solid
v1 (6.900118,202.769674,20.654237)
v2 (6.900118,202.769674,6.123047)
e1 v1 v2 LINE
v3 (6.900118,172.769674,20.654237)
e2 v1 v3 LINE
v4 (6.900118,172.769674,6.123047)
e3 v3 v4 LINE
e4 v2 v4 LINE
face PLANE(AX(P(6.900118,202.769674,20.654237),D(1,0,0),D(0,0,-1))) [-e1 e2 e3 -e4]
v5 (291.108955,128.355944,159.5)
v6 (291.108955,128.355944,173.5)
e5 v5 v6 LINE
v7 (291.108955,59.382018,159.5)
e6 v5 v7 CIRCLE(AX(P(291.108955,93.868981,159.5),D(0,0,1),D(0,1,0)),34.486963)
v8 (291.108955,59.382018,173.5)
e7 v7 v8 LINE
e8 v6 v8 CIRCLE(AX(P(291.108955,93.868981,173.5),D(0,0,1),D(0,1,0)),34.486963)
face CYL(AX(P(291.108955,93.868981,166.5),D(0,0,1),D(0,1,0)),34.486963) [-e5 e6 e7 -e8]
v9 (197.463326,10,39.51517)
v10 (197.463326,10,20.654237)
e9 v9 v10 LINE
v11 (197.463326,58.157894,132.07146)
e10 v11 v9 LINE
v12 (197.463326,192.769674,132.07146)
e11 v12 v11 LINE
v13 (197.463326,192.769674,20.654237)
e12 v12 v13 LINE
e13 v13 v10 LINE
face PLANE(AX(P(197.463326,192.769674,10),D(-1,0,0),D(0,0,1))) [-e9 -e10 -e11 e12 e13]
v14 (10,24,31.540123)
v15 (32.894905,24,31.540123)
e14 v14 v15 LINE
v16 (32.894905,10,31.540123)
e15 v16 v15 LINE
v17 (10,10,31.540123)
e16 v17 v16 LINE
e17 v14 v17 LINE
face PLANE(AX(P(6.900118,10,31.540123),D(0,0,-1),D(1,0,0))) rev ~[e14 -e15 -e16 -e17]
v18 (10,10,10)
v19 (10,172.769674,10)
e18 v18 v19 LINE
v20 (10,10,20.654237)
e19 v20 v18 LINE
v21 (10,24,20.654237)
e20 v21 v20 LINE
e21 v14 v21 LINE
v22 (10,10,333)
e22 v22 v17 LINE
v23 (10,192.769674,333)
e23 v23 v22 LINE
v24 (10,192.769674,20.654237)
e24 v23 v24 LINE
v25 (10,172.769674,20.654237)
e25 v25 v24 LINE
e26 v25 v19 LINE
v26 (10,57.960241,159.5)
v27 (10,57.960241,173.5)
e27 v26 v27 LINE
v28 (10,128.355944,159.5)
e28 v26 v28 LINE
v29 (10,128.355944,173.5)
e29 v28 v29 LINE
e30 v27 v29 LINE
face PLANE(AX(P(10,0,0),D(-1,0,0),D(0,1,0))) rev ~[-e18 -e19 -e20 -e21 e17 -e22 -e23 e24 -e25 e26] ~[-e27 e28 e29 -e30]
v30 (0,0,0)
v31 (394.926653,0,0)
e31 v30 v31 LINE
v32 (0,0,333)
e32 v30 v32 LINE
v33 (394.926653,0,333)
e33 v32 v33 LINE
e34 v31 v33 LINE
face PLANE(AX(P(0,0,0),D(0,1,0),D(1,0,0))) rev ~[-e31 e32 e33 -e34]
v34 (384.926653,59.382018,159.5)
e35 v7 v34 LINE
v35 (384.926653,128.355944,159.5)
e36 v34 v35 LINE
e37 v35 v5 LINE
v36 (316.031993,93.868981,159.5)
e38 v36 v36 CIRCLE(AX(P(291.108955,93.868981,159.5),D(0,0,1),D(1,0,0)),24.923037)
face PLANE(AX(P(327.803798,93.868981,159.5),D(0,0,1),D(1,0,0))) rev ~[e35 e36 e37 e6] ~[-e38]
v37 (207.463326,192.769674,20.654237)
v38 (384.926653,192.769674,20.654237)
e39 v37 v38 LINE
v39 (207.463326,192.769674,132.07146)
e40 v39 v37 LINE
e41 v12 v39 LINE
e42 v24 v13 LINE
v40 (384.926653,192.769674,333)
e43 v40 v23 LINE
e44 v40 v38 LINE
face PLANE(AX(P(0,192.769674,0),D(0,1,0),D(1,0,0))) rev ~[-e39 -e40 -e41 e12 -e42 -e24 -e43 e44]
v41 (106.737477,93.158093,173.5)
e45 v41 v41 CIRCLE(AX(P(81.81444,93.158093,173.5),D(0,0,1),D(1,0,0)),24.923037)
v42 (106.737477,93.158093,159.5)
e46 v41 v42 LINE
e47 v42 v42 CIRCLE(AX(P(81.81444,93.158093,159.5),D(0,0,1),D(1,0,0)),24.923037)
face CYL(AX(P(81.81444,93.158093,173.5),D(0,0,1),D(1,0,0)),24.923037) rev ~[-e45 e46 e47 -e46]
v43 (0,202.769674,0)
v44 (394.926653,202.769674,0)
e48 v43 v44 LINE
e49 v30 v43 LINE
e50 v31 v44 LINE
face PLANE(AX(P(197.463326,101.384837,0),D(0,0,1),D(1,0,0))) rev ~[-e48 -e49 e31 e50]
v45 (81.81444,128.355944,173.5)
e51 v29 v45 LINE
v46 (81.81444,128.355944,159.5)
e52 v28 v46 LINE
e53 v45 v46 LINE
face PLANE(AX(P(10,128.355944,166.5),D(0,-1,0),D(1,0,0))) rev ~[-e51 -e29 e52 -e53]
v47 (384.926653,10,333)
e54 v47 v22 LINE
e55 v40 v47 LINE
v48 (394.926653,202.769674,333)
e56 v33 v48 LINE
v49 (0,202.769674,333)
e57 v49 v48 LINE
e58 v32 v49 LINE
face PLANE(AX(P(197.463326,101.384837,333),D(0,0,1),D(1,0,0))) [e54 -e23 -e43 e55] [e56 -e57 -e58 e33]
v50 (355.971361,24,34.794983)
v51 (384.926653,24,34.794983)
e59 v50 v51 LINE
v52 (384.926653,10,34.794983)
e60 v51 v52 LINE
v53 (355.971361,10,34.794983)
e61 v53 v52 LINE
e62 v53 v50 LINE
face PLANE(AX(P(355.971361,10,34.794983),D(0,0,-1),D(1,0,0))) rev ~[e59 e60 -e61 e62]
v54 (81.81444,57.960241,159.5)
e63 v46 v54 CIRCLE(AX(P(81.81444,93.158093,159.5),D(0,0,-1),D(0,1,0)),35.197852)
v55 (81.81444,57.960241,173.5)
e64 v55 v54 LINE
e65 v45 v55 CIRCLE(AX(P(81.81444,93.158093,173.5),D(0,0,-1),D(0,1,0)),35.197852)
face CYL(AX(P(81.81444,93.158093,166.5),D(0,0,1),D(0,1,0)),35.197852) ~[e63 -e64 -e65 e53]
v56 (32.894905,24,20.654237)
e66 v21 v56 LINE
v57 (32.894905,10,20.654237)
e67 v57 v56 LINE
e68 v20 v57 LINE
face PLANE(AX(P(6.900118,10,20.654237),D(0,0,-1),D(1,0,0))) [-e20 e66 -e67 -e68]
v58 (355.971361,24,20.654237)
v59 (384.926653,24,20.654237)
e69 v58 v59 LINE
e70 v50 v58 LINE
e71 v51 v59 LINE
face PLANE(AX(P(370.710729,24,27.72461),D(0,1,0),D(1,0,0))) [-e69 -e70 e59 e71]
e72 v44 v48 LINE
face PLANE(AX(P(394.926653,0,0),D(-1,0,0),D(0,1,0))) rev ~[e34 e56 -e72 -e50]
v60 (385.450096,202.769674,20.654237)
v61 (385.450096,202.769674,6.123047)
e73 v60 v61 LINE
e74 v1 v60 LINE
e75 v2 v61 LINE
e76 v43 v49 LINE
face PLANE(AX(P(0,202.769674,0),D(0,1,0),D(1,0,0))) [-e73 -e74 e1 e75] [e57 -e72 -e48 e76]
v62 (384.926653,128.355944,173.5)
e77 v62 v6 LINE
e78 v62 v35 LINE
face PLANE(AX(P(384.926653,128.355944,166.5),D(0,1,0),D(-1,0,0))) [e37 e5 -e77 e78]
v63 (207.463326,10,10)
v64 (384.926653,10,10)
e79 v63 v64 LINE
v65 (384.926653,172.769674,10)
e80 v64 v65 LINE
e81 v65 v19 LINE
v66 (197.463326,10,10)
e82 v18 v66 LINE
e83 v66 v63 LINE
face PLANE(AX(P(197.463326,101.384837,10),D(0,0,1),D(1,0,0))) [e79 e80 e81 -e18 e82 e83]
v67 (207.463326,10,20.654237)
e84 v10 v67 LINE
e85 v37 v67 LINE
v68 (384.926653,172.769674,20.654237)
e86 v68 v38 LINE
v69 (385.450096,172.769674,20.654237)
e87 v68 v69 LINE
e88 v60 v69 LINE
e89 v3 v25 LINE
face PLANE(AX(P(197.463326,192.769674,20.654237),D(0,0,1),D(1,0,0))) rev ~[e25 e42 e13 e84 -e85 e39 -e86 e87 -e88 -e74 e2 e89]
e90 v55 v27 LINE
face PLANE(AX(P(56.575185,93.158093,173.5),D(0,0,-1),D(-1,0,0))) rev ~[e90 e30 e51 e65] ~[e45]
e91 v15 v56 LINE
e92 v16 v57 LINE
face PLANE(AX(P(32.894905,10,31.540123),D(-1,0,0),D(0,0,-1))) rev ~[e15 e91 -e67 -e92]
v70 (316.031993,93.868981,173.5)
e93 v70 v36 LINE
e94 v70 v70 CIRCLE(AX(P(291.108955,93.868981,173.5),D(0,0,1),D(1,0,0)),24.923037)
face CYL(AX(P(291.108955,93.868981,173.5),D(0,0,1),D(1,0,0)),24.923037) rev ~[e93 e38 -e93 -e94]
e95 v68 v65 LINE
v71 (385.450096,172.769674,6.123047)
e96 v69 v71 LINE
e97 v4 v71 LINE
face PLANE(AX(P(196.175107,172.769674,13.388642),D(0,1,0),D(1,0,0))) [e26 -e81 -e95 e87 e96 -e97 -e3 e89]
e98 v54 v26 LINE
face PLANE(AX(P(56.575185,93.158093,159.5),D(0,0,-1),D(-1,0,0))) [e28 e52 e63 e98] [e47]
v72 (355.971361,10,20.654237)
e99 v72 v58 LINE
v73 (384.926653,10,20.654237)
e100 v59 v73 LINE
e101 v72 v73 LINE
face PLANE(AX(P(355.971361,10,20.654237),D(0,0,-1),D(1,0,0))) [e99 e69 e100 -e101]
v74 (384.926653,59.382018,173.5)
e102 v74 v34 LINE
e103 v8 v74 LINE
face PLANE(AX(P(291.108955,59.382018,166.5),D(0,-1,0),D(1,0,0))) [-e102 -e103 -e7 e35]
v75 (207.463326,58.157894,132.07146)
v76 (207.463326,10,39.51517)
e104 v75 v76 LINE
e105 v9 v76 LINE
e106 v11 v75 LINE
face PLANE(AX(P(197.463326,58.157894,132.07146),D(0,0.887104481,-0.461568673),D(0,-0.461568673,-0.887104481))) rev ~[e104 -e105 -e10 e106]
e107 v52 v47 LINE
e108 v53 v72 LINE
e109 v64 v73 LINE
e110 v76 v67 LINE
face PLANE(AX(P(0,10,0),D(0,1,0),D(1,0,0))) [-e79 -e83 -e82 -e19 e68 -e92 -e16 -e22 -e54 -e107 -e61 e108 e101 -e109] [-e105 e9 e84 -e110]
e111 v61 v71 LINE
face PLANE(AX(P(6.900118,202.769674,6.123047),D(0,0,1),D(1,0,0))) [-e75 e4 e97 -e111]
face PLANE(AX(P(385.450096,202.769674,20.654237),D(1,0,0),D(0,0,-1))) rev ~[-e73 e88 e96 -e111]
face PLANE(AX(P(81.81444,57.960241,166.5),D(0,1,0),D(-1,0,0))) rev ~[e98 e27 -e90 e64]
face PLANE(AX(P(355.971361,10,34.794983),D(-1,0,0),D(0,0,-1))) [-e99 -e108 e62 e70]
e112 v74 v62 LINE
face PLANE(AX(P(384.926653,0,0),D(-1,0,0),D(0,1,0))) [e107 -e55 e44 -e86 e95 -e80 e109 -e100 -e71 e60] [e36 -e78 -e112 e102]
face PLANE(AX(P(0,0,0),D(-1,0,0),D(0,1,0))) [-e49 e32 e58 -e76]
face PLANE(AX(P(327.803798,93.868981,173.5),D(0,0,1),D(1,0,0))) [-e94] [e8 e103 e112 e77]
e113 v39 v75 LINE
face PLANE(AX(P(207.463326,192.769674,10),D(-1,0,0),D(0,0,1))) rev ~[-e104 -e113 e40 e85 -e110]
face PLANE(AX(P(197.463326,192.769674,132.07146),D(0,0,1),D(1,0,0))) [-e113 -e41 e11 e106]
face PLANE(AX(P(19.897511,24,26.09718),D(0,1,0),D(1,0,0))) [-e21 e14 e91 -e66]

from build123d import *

# Parameters (mm, degrees)
SKETCH1_W           = 394.926652775
SKETCH1_H           = 202.769674437
BOSS_EXTRUDE1_DEPTH = 333
SHELL5_T            = -10
BOSS_EXTRUDE2_DEPTH = 7
SKETCH19_R          = 24.92303726
CUT_EXTRUDE1_DEPTH  = 14
BOSS_EXTRUDE3_DEPTH = 7
SKETCH23_R          = 24.92303726
CUT_EXTRUDE2_DEPTH  = 14
SKETCH24_W          = 378.549978472
SKETCH24_H          = 14.5311901
CUT_EXTRUDE6_DEPTH  = 30
SKETCH25_W          = 25.994787148
SKETCH25_H          = 10.885886146
BOSS_EXTRUDE5_DEPTH = 14
SKETCH27_W          = 29.478735589
SKETCH27_H          = 14.140745891
BOSS_EXTRUDE7_DEPTH = 14
EXTRUDE_THIN2_REACH = 553.377
SKETCH33_W          = 10
SKETCH33_H          = 122.071459974
CUT_EXTRUDE8_DEPTH  = 49
SKETCH35_W          = 10
SKETCH35_H          = 10.654236951
CUT_EXTRUDE11_DEPTH = 182.769674437


with BuildPart() as part:
    # Sketch1 → Boss-Extrude1 (new body)
    with BuildSketch(Plane.XY):
        with Locations((197.463326388, 101.384837219)):
            Rectangle(SKETCH1_W, SKETCH1_H)
    extrude(amount=BOSS_EXTRUDE1_DEPTH)

    # Shell5
    shell5_openings = [part.faces().sort_by_distance(p)[0] for p in [
        (197.463326387, 101.384837219, 333),
    ]]
    offset(amount=SHELL5_T, openings=shell5_openings, kind=Kind.INTERSECTION)

    # Sketch18 → Boss-Extrude2 (add, symmetric)
    with BuildSketch(Plane.XY.offset(166.5)):
        with BuildLine():
            Line((10, 128.355944405), (81.814439739, 128.355944405))
            ThreePointArc((81.814439739, 128.355944405), (117.012291579, 93.158092565), (81.814439739, 57.960240724))
            Line((81.814439739, 57.960240724), (10, 57.960240724))
            Line((10, 57.960240724), (10, 128.355944405))
        make_face()
    extrude(amount=BOSS_EXTRUDE2_DEPTH, both=True)

    # Sketch19 → Cut-Extrude1 (cut)
    with BuildSketch(Plane.XY.offset(173.5)):
        with Locations((81.814439739, 93.158092565)):
            Circle(SKETCH19_R)
    extrude(amount=-CUT_EXTRUDE1_DEPTH, mode=Mode.SUBTRACT)

    # Sketch22 → Boss-Extrude3 (add, symmetric)
    with BuildSketch(Plane.XY.offset(166.5)):
        with BuildLine():
            Line((384.926652775, 128.355944405), (291.108955259, 128.355944405))
            ThreePointArc((291.108955259, 128.355944405), (256.621992249, 93.868981396), (291.108955259, 59.382018386))
            Line((291.108955259, 59.382018386), (384.926652775, 59.382018386))
            Line((384.926652775, 59.382018386), (384.926652775, 128.355944405))
        make_face()
    extrude(amount=BOSS_EXTRUDE3_DEPTH, both=True)

    # Sketch23 → Cut-Extrude2 (cut)
    with BuildSketch(Plane.XY.offset(173.5)):
        with Locations((291.108955259, 93.868981396)):
            Circle(SKETCH23_R)
    extrude(amount=-CUT_EXTRUDE2_DEPTH, mode=Mode.SUBTRACT)

    # Sketch24 → Cut-Extrude6 (cut)
    with BuildSketch(Plane(origin=(0, 202.769674437, 0), x_dir=(1, 0, 0), z_dir=(0, 1, 0))):
        with Locations((196.17510715, -13.388641901)):
            Rectangle(SKETCH24_W, SKETCH24_H)
    extrude(amount=-CUT_EXTRUDE6_DEPTH, mode=Mode.SUBTRACT)

    # Sketch25 → Boss-Extrude5 (add)
    with BuildSketch(Plane(origin=(0, 10, 0), x_dir=(1, 0, 0), z_dir=(0, 1, 0))):
        with Locations((19.897511488, -26.097180024)):
            Rectangle(SKETCH25_W, SKETCH25_H)
    extrude(amount=BOSS_EXTRUDE5_DEPTH)

    # Sketch27 → Boss-Extrude7 (add)
    with BuildSketch(Plane(origin=(0, 10, 0), x_dir=(1, 0, 0), z_dir=(0, 1, 0))):
        with Locations((370.710728592, -27.724609897)):
            Rectangle(SKETCH27_W, SKETCH27_H)
    extrude(amount=BOSS_EXTRUDE7_DEPTH)

    # Sketch33 → Extrude-Thin2 (add, up to next)
    with BuildSketch(Plane.XZ.offset(-192.769674437), mode=Mode.PRIVATE) as extrude_thin2_sk1:
        with Locations((202.463326387, 71.035729987)):
            Rectangle(SKETCH33_W, SKETCH33_H)
    extrude_thin2_tool1 = extrude(extrude_thin2_sk1.sketch, amount=EXTRUDE_THIN2_REACH, mode=Mode.PRIVATE) - part.part
    add(extrude_thin2_tool1.solids().sort_by_distance((202.463326, 192.769674, 71.03573))[0])

    # Sketch34 → Cut-Extrude8 (cut)
    with BuildSketch(Plane.ZY.offset(-197.463326387)):
        Polygon((132.071459974, 58.157894262), (39.515170412, 10), (132.071459974, 10), align=None)
    extrude(amount=-CUT_EXTRUDE8_DEPTH, mode=Mode.SUBTRACT)

    # Sketch35 → Cut-Extrude11 (cut)
    with BuildSketch(Plane(origin=(0, 192.769674437, 0), x_dir=(1, 0, 0), z_dir=(0, 1, 0))):
        with Locations((202.463326387, -15.327118476)):
            Rectangle(SKETCH35_W, SKETCH35_H)
    extrude(amount=-CUT_EXTRUDE11_DEPTH, mode=Mode.SUBTRACT)


solid = part.part
